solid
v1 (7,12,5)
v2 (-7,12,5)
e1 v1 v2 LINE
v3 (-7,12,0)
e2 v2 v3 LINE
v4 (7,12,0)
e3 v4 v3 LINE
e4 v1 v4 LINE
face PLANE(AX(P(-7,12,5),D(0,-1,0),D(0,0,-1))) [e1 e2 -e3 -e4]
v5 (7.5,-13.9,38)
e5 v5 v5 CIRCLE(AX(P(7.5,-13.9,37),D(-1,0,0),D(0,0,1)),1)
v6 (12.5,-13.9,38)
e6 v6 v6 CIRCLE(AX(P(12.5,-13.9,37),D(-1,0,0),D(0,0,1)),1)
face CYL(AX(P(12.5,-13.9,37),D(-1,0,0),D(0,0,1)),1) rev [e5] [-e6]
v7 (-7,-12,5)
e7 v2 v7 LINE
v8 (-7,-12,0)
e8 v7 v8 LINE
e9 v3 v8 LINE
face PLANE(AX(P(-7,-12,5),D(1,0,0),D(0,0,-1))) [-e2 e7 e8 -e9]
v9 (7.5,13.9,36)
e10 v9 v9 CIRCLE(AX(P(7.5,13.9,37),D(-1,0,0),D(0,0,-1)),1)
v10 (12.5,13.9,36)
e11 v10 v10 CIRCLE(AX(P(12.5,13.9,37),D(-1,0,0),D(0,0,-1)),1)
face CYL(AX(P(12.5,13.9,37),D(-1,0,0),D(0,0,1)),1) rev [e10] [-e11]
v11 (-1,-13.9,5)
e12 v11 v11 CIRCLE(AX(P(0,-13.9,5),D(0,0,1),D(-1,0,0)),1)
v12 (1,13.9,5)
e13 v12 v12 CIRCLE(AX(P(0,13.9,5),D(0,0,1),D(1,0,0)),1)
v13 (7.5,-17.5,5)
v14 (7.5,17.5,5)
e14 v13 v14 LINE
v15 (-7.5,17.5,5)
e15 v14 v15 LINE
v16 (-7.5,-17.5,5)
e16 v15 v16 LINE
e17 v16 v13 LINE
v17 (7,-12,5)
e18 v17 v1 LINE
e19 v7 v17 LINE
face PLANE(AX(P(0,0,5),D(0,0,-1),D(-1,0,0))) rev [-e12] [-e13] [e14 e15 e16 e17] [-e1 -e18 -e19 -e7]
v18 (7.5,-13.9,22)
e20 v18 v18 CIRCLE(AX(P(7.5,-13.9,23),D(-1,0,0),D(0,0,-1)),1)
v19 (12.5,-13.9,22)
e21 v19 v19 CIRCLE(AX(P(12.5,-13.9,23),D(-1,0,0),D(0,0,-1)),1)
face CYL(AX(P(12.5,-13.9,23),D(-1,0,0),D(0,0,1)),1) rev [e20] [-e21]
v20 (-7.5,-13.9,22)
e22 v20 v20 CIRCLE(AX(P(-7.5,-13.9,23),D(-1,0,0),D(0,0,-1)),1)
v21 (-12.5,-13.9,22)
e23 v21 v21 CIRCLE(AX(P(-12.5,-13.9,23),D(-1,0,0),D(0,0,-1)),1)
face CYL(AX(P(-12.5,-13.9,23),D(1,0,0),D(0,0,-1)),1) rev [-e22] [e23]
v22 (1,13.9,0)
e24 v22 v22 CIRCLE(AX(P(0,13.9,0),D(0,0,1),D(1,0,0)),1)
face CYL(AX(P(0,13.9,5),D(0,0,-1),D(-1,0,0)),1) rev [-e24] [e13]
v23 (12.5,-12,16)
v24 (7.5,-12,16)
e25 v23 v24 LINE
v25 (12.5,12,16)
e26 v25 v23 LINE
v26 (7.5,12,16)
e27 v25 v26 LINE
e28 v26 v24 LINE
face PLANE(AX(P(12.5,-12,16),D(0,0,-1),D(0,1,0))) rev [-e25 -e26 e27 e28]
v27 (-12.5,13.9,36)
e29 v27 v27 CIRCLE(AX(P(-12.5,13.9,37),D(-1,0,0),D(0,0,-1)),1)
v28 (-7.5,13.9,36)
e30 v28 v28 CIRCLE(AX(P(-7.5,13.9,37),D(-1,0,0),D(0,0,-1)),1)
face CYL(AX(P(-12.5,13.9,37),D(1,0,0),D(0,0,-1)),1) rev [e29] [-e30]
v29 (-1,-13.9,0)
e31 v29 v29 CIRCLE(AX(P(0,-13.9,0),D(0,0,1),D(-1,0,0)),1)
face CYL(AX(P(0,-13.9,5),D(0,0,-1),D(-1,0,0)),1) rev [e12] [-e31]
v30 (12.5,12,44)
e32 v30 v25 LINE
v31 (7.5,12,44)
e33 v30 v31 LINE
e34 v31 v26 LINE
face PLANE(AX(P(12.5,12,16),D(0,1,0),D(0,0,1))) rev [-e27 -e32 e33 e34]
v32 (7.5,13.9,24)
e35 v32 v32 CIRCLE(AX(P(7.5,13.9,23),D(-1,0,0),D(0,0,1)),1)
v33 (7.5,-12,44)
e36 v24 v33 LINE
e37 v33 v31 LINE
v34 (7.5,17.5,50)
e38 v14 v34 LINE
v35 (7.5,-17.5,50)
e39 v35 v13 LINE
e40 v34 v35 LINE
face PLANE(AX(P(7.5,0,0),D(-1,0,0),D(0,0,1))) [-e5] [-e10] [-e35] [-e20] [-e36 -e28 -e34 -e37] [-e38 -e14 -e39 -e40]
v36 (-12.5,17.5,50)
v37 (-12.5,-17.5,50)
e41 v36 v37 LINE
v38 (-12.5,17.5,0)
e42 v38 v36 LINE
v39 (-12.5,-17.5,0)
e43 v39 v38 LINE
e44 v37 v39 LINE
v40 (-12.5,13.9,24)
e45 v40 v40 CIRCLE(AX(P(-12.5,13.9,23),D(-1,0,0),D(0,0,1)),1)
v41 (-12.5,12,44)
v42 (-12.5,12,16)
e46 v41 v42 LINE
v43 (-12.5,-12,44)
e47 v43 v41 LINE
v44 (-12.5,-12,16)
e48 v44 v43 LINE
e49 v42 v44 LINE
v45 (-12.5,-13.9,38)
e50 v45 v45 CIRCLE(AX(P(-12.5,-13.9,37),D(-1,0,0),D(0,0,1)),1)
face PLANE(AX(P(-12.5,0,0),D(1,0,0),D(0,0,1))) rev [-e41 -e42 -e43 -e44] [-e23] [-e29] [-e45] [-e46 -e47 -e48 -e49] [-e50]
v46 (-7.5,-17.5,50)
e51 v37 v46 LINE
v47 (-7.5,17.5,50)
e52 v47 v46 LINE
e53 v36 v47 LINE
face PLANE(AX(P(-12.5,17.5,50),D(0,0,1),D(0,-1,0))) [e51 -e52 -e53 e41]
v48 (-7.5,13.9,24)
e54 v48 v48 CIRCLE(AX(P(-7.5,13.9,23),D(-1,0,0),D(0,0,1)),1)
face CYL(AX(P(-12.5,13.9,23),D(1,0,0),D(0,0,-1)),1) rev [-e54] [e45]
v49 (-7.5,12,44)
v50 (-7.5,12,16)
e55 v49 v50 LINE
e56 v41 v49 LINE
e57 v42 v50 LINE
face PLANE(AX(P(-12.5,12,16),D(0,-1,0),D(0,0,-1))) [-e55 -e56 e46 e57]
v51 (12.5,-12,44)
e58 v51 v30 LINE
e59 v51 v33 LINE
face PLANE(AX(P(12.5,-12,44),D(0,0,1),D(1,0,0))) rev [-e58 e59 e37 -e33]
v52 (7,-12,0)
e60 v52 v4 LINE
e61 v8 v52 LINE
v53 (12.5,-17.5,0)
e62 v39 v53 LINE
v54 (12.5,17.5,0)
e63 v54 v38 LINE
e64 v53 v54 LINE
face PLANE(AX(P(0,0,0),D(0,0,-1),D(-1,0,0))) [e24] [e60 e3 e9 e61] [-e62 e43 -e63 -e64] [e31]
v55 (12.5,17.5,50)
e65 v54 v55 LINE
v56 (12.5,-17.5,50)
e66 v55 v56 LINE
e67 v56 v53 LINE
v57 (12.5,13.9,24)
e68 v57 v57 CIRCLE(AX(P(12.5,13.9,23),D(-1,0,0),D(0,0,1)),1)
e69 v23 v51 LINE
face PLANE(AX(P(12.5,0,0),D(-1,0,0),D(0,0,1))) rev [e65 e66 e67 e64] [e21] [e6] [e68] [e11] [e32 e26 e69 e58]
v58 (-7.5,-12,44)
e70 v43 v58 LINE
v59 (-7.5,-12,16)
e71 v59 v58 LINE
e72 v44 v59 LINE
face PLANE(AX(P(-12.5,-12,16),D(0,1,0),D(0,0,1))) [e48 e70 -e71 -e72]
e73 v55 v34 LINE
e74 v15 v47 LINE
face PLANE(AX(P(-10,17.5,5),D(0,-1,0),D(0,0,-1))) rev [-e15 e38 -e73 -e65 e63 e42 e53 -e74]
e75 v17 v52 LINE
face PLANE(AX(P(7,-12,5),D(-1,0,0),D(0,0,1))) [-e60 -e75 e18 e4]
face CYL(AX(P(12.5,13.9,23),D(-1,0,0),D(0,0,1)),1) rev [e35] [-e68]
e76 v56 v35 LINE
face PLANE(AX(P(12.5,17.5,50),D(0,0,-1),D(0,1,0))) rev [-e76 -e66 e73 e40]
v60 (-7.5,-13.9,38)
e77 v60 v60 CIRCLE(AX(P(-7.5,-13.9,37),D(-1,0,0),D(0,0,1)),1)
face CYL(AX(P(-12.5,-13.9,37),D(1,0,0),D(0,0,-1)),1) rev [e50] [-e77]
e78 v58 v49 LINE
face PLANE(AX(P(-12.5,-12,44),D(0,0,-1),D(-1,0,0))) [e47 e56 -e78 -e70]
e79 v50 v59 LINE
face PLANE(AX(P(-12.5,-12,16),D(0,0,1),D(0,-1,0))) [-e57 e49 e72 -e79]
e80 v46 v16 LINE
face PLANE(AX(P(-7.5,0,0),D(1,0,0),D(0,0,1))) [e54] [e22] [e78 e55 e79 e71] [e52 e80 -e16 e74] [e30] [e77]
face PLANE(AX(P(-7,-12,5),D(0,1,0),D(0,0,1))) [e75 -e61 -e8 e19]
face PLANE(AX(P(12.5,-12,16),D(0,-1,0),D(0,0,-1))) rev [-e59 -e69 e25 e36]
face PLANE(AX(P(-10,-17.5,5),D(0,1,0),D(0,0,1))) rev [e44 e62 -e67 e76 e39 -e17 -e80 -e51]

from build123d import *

# Parameters (mm, degrees)
SKETCH1_W           = 20
SKETCH1_H           = 35
SKETCH1_R           = 1
SKETCH1_W_2         = 14
SKETCH1_H_2         = 24
BOSS_EXTRUDE1_DEPTH = 5
SKETCH2_W           = 50
SKETCH2_H           = 35
BOSS_EXTRUDE2_DEPTH = 2.5
SKETCH3_R           = 1
SKETCH3_W           = 28
SKETCH3_H           = 24
CUT_EXTRUDE1_DEPTH  = 5


with BuildPart() as part:
    # Sketch1 → Boss-Extrude1 (new body)
    with BuildSketch(Plane.XY):
        Rectangle(SKETCH1_W, SKETCH1_H)
        with Locations((0, 13.9)):
            Circle(SKETCH1_R, mode=Mode.SUBTRACT)
        with Locations(Location((0, -13.9, 0), (0, 0, 180))):
            Circle(SKETCH1_R, mode=Mode.SUBTRACT)
        Rectangle(SKETCH1_W_2, SKETCH1_H_2, mode=Mode.SUBTRACT)
    extrude(amount=BOSS_EXTRUDE1_DEPTH)

    # Sketch2 → Boss-Extrude2 (add, symmetric)
    with BuildSketch(Plane(origin=(10, 0, 0), x_dir=(0, 0, -1), z_dir=(1, 0, 0))):
        with Locations((-25, 0)):
            Rectangle(SKETCH2_W, SKETCH2_H)
    boss_extrude2 = extrude(amount=BOSS_EXTRUDE2_DEPTH, both=True)

    # Sketch3 → Cut-Extrude1 (cut)
    with BuildSketch(Plane.ZY.offset(-7.5)):
        with Locations((23, 13.9)):
            Circle(SKETCH3_R)
        with Locations(Location((37, 13.9, 0), (0, 0, 180))):
            Circle(SKETCH3_R)
        with Locations((37, -13.9)):
            Circle(SKETCH3_R)
        with Locations(Location((23, -13.9, 0), (0, 0, 180))):
            Circle(SKETCH3_R)
        with Locations((30, 0)):
            Rectangle(SKETCH3_W, SKETCH3_H)
    cut_extrude1 = extrude(amount=-CUT_EXTRUDE1_DEPTH, mode=Mode.SUBTRACT)

    # Mirror2: Boss-Extrude2, Cut-Extrude1 across plane
    add(boss_extrude2.mirror(Plane.ZY))
    add(cut_extrude1.mirror(Plane.ZY), mode=Mode.SUBTRACT)


solid = part.part
